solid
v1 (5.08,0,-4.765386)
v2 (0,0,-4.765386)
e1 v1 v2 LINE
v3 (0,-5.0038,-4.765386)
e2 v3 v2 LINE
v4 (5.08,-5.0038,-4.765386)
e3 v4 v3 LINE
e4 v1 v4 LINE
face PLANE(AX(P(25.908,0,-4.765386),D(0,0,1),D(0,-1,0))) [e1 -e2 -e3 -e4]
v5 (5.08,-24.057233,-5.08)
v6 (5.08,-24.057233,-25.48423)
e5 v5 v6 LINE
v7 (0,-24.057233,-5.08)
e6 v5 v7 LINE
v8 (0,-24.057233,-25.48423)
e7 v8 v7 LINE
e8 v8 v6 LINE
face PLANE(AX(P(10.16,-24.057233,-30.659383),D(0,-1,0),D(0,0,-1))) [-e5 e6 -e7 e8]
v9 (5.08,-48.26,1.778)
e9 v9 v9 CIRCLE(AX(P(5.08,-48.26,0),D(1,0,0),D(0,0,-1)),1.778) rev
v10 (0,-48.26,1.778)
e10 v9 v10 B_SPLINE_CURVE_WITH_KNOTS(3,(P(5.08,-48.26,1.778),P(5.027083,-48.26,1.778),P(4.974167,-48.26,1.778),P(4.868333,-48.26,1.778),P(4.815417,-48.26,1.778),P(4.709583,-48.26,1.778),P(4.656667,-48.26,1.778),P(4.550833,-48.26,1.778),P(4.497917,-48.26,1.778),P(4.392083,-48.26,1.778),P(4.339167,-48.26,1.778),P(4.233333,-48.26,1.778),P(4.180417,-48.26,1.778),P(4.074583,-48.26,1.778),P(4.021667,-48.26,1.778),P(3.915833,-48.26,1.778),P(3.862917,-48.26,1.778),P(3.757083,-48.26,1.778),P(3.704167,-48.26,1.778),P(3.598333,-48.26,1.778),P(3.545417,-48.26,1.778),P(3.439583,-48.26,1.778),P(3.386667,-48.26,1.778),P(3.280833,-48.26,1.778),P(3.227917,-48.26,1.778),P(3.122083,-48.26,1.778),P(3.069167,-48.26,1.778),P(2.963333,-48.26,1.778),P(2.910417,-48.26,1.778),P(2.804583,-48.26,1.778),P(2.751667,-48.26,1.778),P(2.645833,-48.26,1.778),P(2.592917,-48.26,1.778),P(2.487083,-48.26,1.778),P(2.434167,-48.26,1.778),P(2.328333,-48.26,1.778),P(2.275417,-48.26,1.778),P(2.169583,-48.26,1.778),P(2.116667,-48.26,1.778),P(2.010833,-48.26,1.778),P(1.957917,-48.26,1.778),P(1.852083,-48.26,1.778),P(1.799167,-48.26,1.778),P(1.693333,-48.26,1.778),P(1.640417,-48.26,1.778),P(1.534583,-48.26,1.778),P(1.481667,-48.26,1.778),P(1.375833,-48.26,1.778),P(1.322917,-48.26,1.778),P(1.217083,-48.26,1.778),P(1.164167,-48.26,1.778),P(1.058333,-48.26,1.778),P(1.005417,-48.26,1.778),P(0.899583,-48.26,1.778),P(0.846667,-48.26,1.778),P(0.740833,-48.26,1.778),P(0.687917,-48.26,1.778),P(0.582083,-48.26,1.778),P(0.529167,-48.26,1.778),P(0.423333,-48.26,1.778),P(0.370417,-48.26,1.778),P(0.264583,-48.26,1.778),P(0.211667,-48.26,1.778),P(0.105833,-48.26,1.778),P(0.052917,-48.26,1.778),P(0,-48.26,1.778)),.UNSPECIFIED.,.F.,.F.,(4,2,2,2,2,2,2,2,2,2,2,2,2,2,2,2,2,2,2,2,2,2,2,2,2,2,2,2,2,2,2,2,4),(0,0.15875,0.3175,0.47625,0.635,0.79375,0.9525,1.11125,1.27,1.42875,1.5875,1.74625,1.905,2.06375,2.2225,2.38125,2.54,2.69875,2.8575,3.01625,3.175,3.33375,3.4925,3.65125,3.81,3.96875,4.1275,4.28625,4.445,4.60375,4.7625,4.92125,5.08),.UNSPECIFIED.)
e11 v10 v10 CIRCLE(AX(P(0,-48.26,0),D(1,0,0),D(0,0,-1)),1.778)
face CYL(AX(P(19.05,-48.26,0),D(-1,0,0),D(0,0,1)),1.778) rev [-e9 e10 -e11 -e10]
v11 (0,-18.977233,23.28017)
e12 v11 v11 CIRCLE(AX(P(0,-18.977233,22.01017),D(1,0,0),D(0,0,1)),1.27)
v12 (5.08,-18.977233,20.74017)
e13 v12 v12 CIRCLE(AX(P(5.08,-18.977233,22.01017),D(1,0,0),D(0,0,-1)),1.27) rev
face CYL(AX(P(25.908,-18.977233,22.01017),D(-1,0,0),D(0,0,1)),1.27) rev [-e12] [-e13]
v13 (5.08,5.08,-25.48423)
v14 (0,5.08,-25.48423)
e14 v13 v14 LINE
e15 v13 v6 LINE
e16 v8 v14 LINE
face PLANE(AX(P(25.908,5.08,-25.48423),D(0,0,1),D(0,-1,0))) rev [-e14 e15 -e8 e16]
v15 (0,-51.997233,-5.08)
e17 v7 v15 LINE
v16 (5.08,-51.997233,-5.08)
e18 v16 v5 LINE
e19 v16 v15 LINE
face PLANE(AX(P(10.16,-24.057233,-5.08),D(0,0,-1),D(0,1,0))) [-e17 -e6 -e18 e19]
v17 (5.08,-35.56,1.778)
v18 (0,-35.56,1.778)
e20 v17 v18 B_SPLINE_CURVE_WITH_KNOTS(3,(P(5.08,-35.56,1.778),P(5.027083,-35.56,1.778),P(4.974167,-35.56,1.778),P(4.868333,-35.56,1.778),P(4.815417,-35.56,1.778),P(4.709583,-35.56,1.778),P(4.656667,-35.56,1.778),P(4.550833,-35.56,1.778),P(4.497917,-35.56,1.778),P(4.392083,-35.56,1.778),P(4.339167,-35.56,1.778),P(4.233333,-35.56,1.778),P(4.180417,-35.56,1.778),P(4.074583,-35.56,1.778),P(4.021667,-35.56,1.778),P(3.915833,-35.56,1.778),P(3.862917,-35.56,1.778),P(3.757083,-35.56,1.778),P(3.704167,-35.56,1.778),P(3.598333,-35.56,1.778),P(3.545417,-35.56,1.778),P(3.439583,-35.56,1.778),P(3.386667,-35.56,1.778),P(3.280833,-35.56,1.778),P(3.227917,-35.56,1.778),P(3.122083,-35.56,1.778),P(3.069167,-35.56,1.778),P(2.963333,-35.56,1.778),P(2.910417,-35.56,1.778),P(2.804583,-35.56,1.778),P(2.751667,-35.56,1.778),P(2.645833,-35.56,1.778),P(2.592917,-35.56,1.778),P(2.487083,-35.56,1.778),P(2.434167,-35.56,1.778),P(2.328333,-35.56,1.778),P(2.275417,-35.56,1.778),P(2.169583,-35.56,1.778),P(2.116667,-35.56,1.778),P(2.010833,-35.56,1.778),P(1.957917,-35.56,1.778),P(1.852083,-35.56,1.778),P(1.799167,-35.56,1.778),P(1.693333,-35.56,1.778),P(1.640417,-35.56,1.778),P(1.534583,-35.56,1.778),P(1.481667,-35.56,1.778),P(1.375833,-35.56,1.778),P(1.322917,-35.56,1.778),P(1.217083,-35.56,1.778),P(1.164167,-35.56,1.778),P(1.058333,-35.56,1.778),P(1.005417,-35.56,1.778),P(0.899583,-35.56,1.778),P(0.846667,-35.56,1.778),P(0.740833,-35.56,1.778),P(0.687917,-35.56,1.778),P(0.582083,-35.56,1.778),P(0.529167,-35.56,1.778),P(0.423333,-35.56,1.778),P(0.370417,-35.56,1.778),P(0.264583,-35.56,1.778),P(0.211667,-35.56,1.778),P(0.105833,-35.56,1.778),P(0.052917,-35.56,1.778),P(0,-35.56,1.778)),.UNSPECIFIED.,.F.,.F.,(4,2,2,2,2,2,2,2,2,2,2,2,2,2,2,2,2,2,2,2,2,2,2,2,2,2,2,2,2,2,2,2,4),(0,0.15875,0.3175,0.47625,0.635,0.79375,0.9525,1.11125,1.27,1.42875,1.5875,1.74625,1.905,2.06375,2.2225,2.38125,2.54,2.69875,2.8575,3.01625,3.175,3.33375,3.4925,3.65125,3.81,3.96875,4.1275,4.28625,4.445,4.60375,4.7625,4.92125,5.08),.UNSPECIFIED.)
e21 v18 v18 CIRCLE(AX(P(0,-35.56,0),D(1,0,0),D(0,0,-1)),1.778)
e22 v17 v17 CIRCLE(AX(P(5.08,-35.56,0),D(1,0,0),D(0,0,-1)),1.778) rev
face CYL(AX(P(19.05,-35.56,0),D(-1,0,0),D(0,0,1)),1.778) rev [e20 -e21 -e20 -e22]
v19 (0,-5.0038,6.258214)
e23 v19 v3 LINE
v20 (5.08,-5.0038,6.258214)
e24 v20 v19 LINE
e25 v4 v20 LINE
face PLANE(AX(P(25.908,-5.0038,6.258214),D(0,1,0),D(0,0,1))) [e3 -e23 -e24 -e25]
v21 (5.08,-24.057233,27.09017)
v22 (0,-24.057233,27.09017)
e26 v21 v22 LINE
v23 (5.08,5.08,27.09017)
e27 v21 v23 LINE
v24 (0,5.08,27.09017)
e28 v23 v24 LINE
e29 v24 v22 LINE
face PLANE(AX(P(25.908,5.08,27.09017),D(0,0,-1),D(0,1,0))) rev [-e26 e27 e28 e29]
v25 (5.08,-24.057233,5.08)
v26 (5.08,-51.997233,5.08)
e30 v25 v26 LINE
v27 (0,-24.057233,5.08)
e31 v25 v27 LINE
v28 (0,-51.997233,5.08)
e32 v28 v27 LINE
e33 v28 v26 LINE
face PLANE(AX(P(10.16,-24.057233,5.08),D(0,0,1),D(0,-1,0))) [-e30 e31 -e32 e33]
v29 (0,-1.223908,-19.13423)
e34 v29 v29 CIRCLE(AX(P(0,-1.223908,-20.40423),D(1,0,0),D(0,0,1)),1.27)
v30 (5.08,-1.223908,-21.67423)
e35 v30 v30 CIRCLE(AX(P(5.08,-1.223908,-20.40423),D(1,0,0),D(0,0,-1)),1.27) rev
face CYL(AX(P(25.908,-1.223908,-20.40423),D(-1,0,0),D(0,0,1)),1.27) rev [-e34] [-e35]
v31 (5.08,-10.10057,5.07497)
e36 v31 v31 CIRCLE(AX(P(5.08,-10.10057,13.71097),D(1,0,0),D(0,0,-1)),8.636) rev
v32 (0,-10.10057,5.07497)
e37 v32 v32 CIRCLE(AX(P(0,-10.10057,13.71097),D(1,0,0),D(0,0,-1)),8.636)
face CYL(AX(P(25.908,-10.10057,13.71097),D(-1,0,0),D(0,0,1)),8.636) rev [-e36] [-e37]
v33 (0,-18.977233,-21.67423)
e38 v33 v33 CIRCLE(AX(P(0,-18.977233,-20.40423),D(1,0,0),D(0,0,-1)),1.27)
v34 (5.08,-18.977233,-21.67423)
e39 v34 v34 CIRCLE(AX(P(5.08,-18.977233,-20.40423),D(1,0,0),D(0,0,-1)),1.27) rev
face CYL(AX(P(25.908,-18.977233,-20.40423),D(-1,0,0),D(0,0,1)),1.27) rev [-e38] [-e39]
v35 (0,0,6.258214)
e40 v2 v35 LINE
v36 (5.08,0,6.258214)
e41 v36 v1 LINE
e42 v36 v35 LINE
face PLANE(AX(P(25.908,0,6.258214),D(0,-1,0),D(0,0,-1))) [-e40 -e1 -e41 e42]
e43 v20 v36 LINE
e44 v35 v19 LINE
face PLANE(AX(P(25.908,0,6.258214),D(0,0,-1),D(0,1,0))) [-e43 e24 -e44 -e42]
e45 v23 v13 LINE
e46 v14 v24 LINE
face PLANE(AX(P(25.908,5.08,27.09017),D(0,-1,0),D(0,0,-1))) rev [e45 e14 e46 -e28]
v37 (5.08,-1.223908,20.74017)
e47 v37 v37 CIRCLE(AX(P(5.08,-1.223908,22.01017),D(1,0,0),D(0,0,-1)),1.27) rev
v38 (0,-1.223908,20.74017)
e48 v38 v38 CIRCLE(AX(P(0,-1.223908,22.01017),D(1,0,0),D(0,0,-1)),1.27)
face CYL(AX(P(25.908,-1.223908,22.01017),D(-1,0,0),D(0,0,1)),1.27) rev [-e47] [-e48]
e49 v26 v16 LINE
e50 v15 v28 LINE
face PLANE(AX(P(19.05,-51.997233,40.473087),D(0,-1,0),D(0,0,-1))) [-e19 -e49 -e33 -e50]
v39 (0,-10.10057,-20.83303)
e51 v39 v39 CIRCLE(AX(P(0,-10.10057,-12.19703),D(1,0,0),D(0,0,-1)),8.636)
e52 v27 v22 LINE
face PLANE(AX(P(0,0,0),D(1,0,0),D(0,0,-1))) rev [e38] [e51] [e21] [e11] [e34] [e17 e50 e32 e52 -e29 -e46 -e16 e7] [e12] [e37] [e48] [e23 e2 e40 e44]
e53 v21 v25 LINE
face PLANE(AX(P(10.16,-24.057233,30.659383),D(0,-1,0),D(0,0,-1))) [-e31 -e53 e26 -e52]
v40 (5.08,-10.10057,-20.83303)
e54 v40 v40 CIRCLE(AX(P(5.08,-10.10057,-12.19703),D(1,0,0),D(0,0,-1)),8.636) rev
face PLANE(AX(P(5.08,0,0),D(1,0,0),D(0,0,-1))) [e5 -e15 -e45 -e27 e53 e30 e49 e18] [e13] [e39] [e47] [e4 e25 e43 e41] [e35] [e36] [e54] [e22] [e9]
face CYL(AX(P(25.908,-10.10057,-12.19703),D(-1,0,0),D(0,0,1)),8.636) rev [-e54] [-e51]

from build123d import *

# Parameters (mm, degrees)
BOSS_EXTRUDE1_DEPTH = 5.08
SKETCH2_W           = 101.6
SKETCH2_H           = 10.16
CUT_EXTRUDE3_DEPTH  = 22.86
SKETCH9_R           = 1.27
CUT_EXTRUDE4_DEPTH  = 25.908
SKETCH13_W          = 11.0236
SKETCH13_H          = 5.0038
CUT_EXTRUDE5_DEPTH  = 25.908
SKETCH8_R           = 8.636
CUT_EXTRUDE6_DEPTH  = 25.908
SKETCH14_W          = 212.203069611
SKETCH14_H          = 122.52066239
SKETCH14_W_2        = 52.5744
SKETCH14_H_2        = 29.137232508
CUT_EXTRUDE7_DEPTH  = 25.908
SKETCH15_W          = 52.5744
SKETCH15_H          = 43.722211583
BOSS_EXTRUDE2_DEPTH = 5.08
SKETCH17_W          = 25.579382718
SKETCH17_H          = 36.902767492
CUT_EXTRUDE8_DEPTH  = 10.16
SKETCH18_R          = 1.7526
CUT_EXTRUDE9_DEPTH  = 10.16
SKETCH19_W          = 77.987144431
SKETCH19_H          = 16.36926668
CUT_EXTRUDE10_DEPTH = 19.05
SKETCH20_R          = 1.778
CUT_EXTRUDE11_DEPTH = 19.05


with BuildPart() as part:
    # Sketch1 → Boss-Extrude1 (new body)
    with BuildSketch(Plane(origin=(0, 0, 0), x_dir=(0, 0, -1), z_dir=(1, 0, 0))):
        Polygon((62.997029703, -55.82970297), (88.397029703, -55.82970297), (88.397029703, -65.98970297), (-89.402970297, -65.98970297), (-89.402970297, -55.82970297), (-64.002970297, -55.82970297), (-64.002970297, 27.837475742), (62.997029703, 27.837475742), align=None)
    extrude(amount=BOSS_EXTRUDE1_DEPTH)

    # Sketch2 → Cut-Extrude3 (cut)
    with BuildSketch(Plane(origin=(0, 0, 0), x_dir=(0, 0, -1), z_dir=(1, 0, 0))):
        with Locations((-0.502970297, -60.90970297)):
            Rectangle(SKETCH2_W, SKETCH2_H)
    extrude(amount=CUT_EXTRUDE3_DEPTH, mode=Mode.SUBTRACT)

    # Sketch9 → Cut-Extrude4 (cut)
    with BuildSketch(Plane(origin=(0, 0, 0), x_dir=(0, 0, -1), z_dir=(1, 0, 0))):
        with Locations((-22.010170297, -1.223907747)):
            Circle(SKETCH9_R)
        with Locations(Location((-22.010170297, -18.977232508, 0), (0, 0, 180))):
            Circle(SKETCH9_R)
        with Locations((20.404229703, -18.977232508)):
            Circle(SKETCH9_R)
        with Locations(Location((20.404229703, -1.223907747, 0), (0, 0, 180))):
            Circle(SKETCH9_R)
    extrude(amount=CUT_EXTRUDE4_DEPTH, mode=Mode.SUBTRACT)

    # Sketch13 → Cut-Extrude5 (cut)
    with BuildSketch(Plane(origin=(0, 0, 0), x_dir=(0, 0, -1), z_dir=(1, 0, 0))):
        with Locations((-0.746414126, -2.5019)):
            Rectangle(SKETCH13_W, SKETCH13_H)
    extrude(amount=CUT_EXTRUDE5_DEPTH, mode=Mode.SUBTRACT)

    # Sketch8 → Cut-Extrude6 (cut)
    with BuildSketch(Plane(origin=(0, 0, 0), x_dir=(0, 0, -1), z_dir=(1, 0, 0))):
        with Locations((12.197029703, -10.100570128)):
            Circle(SKETCH8_R)
        with Locations((-13.710970297, -10.100570128)):
            Circle(SKETCH8_R)
    extrude(amount=CUT_EXTRUDE6_DEPTH, mode=Mode.SUBTRACT)

    # Sketch14 → Cut-Extrude7 (cut)
    with BuildSketch(Plane(origin=(0, 0, 0), x_dir=(0, 0, -1), z_dir=(1, 0, 0))):
        with Locations((-5.581398167, -16.698007888)):
            Rectangle(SKETCH14_W, SKETCH14_H)
        with Locations((-0.802970297, -9.488616254)):
            Rectangle(SKETCH14_W_2, SKETCH14_H_2, mode=Mode.SUBTRACT)
    extrude(amount=CUT_EXTRUDE7_DEPTH, mode=Mode.SUBTRACT)

    # Sketch15 → Boss-Extrude2 (add)
    with BuildSketch(Plane(origin=(0, 0, 0), x_dir=(0, 0, -1), z_dir=(1, 0, 0))):
        with Locations((-0.802970297, -44.178894209)):
            Rectangle(SKETCH15_W, SKETCH15_H)
    extrude(amount=BOSS_EXTRUDE2_DEPTH)

    # Sketch17 → Cut-Extrude8 (cut)
    with BuildSketch(Plane(origin=(0, 0, 0), x_dir=(0, 0, -1), z_dir=(1, 0, 0))):
        with Locations((-17.869691359, -42.508616254)):
            Rectangle(SKETCH17_W, SKETCH17_H)
        with Locations((17.869691359, -42.508616254)):
            Rectangle(SKETCH17_W, SKETCH17_H)
    extrude(amount=CUT_EXTRUDE8_DEPTH, mode=Mode.SUBTRACT)

    # Sketch18 → Cut-Extrude9 (cut)
    with BuildSketch(Plane(origin=(0, -66.04, 0), x_dir=(1, 0, 0), z_dir=(0, 1, 0))):
        with Locations((0, -22.010170297)):
            Circle(SKETCH18_R)
        with Locations((0, 20.404229703)):
            Circle(SKETCH18_R)
    extrude(amount=CUT_EXTRUDE9_DEPTH, mode=Mode.SUBTRACT)

    # Sketch19 → Cut-Extrude10 (cut)
    with BuildSketch(Plane(origin=(0, 0, 0), x_dir=(0, 0, -1), z_dir=(1, 0, 0))):
        with Locations((-1.479514925, -60.181865848)):
            Rectangle(SKETCH19_W, SKETCH19_H)
    extrude(amount=CUT_EXTRUDE10_DEPTH, mode=Mode.SUBTRACT)

    # Sketch20 → Cut-Extrude11 (cut)
    with BuildSketch(Plane(origin=(0, 0, 0), x_dir=(0, 0, -1), z_dir=(1, 0, 0))):
        with Locations(Location((0, -48.26, 0), (0, 0, 180))):
            Circle(SKETCH20_R)
        with Locations(Location((0, -35.56, 0), (0, 0, 180))):
            Circle(SKETCH20_R)
    extrude(amount=CUT_EXTRUDE11_DEPTH, mode=Mode.SUBTRACT)


solid = part.part
